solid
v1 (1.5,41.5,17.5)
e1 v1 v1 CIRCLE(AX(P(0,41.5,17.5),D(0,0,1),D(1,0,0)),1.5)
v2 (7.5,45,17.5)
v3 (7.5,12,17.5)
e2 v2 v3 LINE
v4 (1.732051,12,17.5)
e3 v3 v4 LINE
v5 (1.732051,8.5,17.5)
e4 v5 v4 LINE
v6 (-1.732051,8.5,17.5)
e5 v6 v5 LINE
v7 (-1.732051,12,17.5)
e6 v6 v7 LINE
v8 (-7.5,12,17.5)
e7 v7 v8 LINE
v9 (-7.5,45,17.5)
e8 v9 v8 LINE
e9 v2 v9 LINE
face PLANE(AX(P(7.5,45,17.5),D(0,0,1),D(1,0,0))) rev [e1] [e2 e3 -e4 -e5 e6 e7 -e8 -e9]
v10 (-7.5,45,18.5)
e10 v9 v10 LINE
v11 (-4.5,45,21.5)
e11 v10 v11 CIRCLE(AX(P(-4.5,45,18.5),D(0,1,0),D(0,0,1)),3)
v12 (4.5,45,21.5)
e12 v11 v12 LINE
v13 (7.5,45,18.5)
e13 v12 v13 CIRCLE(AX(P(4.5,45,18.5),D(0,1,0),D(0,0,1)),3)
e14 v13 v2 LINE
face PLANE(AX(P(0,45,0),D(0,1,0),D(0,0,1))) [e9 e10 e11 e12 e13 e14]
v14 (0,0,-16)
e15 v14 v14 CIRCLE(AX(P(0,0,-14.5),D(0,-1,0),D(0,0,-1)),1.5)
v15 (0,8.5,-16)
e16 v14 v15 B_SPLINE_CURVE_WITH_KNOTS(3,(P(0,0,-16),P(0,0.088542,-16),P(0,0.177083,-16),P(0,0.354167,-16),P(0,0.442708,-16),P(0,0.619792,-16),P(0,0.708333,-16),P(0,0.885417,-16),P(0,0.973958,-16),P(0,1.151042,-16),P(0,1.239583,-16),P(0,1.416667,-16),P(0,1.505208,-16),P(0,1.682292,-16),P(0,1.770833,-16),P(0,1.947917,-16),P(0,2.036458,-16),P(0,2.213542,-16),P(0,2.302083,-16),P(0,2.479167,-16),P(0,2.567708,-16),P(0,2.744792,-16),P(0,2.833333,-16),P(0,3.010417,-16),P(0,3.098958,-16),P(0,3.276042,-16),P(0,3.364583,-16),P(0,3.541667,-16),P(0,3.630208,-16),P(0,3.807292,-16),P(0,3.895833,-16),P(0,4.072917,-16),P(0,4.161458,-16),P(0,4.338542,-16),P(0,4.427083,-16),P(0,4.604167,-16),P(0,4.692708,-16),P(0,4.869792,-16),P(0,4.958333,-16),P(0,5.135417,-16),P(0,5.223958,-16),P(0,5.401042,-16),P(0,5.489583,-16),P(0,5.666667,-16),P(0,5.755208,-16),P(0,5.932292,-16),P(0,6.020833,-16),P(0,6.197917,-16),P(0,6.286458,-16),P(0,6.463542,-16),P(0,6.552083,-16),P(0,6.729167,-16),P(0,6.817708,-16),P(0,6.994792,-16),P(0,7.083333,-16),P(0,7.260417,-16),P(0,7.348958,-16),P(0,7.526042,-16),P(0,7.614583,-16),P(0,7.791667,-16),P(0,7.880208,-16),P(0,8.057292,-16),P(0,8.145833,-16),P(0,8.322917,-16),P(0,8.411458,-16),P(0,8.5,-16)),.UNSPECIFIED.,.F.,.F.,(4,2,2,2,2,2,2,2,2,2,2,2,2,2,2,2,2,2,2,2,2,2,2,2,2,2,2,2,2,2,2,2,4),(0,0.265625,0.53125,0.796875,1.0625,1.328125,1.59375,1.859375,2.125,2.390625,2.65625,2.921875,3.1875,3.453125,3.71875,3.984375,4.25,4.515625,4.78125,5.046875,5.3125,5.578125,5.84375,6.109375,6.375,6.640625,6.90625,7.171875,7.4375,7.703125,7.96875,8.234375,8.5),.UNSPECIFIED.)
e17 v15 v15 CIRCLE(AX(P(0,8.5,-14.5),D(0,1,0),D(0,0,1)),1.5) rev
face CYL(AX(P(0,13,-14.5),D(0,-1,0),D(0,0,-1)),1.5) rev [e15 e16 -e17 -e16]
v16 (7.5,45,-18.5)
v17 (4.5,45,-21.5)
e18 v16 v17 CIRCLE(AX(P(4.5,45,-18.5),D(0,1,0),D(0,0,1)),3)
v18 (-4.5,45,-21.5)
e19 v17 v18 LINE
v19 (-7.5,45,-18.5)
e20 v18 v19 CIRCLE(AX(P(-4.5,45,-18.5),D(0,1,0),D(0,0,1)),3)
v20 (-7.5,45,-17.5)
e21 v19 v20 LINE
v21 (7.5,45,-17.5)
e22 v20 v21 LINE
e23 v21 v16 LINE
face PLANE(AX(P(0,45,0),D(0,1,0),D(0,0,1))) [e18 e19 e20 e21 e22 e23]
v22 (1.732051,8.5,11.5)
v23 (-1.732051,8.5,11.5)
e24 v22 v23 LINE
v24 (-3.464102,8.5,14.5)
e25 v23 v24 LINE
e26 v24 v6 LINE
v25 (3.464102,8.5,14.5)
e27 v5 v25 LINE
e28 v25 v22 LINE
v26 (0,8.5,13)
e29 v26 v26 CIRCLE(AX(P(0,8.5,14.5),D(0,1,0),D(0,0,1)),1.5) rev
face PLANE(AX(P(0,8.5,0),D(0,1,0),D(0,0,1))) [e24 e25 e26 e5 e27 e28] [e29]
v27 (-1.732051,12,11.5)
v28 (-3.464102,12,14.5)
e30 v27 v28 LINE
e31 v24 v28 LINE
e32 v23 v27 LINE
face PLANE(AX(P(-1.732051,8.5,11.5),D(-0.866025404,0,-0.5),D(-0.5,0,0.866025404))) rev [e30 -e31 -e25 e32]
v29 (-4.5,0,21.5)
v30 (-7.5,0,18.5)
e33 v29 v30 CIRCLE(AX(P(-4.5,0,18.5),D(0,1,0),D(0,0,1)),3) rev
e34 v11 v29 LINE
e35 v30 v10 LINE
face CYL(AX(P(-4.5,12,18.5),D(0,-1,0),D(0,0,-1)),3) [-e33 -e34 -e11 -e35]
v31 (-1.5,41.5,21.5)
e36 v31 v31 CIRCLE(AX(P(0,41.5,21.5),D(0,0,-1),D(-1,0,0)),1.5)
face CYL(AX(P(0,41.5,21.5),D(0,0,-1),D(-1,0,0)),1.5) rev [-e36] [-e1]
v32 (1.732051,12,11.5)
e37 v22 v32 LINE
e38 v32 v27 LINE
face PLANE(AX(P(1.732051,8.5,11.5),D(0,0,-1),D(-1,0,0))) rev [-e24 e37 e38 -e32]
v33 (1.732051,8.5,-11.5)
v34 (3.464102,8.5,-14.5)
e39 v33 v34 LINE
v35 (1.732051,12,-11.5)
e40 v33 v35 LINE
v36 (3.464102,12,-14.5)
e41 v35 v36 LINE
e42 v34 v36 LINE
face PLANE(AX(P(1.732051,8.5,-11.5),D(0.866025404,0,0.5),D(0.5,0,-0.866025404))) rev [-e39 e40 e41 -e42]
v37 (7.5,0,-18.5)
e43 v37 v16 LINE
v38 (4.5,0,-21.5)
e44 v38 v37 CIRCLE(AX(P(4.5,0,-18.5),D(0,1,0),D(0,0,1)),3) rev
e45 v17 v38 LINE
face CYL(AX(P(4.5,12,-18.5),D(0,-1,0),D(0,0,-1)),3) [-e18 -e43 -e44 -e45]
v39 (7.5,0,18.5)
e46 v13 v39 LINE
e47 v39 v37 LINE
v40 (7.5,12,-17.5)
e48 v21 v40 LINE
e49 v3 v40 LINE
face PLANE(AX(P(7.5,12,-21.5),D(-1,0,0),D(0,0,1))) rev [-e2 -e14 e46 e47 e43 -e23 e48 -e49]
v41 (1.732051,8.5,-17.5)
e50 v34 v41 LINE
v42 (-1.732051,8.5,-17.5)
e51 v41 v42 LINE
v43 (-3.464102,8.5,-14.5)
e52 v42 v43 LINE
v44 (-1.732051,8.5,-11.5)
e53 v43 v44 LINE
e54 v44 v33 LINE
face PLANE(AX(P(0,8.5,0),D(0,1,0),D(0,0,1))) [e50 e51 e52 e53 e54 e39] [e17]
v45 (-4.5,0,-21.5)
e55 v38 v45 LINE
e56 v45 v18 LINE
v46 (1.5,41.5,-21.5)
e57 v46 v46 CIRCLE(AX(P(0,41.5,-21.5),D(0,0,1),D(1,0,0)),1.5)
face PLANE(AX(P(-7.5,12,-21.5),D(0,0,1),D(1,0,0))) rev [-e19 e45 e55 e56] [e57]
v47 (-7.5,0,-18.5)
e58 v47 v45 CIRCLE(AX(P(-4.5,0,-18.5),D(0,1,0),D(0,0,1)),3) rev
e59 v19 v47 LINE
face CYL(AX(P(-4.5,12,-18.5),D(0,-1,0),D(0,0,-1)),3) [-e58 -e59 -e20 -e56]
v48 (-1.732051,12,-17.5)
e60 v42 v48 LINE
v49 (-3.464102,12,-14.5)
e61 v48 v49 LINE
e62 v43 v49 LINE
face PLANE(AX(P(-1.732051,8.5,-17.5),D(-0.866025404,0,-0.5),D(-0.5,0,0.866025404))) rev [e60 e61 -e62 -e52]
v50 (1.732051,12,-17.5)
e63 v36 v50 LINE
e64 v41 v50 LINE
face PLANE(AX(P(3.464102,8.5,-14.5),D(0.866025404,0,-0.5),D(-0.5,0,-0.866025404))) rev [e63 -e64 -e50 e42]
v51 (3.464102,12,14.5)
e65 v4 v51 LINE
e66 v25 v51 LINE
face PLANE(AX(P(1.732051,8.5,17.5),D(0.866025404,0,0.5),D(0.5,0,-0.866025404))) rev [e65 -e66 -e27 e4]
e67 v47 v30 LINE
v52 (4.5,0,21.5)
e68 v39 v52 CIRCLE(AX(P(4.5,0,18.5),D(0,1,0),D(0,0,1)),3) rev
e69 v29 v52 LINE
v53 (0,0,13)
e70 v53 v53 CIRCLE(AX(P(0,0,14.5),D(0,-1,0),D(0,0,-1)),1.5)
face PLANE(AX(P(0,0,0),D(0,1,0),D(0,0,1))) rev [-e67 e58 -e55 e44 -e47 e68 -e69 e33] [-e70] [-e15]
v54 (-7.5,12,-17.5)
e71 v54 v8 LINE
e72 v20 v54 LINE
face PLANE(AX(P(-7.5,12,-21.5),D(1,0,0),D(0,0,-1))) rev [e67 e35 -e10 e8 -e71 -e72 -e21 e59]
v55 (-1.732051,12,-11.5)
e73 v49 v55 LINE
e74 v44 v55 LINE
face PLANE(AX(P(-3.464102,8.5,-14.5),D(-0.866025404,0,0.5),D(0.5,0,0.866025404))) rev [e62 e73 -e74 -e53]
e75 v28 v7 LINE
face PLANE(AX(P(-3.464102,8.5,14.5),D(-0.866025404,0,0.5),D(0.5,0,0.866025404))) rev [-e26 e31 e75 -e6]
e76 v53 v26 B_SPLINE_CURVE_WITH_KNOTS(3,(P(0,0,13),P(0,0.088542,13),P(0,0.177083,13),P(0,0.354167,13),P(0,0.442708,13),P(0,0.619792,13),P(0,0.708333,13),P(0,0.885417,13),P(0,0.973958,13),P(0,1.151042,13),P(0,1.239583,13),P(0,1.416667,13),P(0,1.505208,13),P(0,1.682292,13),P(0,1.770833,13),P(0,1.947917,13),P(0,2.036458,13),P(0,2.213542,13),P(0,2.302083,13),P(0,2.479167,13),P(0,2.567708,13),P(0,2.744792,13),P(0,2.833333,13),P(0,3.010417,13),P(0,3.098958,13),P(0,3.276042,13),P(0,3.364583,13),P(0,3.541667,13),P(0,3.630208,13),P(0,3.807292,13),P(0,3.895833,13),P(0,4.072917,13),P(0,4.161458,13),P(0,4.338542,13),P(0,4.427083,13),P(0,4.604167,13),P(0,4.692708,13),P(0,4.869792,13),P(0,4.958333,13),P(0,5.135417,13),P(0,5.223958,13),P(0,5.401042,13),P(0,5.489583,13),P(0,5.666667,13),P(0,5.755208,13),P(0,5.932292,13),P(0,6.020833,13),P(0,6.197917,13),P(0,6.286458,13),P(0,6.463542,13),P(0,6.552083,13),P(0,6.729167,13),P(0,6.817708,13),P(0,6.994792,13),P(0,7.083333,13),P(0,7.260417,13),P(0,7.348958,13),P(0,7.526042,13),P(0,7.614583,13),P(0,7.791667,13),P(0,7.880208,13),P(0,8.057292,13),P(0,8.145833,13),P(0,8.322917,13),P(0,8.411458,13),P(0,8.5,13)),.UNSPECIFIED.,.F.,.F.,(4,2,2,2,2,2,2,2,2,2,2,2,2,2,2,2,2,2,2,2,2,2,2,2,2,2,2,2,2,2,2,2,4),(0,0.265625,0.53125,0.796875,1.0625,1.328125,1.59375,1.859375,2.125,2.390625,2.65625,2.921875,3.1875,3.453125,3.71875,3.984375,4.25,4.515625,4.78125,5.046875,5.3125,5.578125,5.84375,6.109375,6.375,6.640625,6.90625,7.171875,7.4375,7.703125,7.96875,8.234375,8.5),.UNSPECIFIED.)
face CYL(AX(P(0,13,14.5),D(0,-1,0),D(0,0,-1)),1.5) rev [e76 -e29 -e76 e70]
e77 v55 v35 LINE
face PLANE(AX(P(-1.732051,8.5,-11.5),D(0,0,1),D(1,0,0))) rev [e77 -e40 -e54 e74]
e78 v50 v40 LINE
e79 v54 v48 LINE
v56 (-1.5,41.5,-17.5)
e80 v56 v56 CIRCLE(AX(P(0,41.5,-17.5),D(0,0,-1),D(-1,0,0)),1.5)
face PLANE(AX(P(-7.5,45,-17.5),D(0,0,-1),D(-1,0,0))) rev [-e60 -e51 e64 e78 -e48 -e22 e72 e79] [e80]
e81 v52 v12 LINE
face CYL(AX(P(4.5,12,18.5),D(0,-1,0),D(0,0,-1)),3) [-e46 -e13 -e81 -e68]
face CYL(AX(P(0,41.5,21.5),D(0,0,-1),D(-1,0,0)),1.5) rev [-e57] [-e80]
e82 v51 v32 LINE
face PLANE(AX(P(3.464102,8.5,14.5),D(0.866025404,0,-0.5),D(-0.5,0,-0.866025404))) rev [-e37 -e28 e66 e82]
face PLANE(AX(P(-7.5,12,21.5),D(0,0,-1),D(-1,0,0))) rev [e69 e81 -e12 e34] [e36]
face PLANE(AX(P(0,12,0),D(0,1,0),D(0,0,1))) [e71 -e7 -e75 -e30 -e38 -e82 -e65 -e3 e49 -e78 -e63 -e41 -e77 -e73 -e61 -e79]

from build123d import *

# Parameters (mm, degrees)
CROQUIS1_W                 = 15
CROQUIS1_H                 = 43
SALIENTE_EXTRUIR1_DEPTH    = 12
CROQUIS2_W                 = 15
CROQUIS2_H                 = 4
SALIENTE_EXTRUIR2_DEPTH    = 33
CROQUIS3_R                 = 1.5
CORTAR_EXTRUIR1_DEPTH      = 13
CORTAR_EXTRUIR2_DEPTH      = 3.5
REDONDEO1_R                = 3
CORTAR_EXTRUIR3_DEPTH      = 63.691705991
CORTAR_EXTRUIR3_DEPTH_BACK = 63.691705991
CROQUIS5_R                 = 1.5


with BuildPart() as part:
    # Croquis1 → Saliente-Extruir1 (new body)
    with BuildSketch(Plane(origin=(0, 0, 0), x_dir=(1, 0, 0), z_dir=(0, 1, 0))):
        Rectangle(CROQUIS1_W, CROQUIS1_H)
    extrude(amount=SALIENTE_EXTRUIR1_DEPTH)

    # Croquis2 → Saliente-Extruir2 (add)
    with BuildSketch(Plane(origin=(0, 12, 0), x_dir=(1, 0, 0), z_dir=(0, 1, 0))):
        with Locations((0, 19.5)):
            Rectangle(CROQUIS2_W, CROQUIS2_H)
        with Locations((0, -19.5)):
            Rectangle(CROQUIS2_W, CROQUIS2_H)
    extrude(amount=SALIENTE_EXTRUIR2_DEPTH)

    # Croquis3 → Cortar-Extruir1 (cut)
    with BuildSketch(Plane.XZ):
        with Locations(Location((0, 14.5, 0), (0, 0, 270))):
            Circle(CROQUIS3_R)
        with Locations(Location((0, -14.5, 0), (0, 0, 270))):
            Circle(CROQUIS3_R)
    extrude(amount=-CORTAR_EXTRUIR1_DEPTH, mode=Mode.SUBTRACT)

    # Croquis4 → Cortar-Extruir2 (cut)
    with BuildSketch(Plane(origin=(0, 12, 0), x_dir=(1, 0, 0), z_dir=(0, 1, 0))):
        Polygon((3.464101615, 14.5), (1.732050808, 17.5), (-1.732050808, 17.5), (-3.464101615, 14.5), (-1.732050808, 11.5), (1.732050808, 11.5), align=None)
        Polygon((3.464101615, -14.5), (1.732050808, -11.5), (-1.732050808, -11.5), (-3.464101615, -14.5), (-1.732050808, -17.5), (1.732050808, -17.5), align=None)
    extrude(amount=-CORTAR_EXTRUIR2_DEPTH, mode=Mode.SUBTRACT)

    # Redondeo1
    redondeo1_edges = [part.edges().sort_by_distance(p)[0] for p in [
        (-7.5, 22.5, -21.5),
        (7.5, 22.5, -21.5),
        (7.5, 22.5, 21.5),
        (-7.5, 22.5, 21.5),
    ]]
    fillet(redondeo1_edges, radius=REDONDEO1_R)

    # Croquis5 → Cortar-Extruir3 (cut, two sides: drawn at the far end of the back side and taken through both)
    with BuildSketch(Plane(origin=(0, 0, -21.5), x_dir=(-1, 0, 0), z_dir=(0, 0, -1)).offset(-CORTAR_EXTRUIR3_DEPTH_BACK)):
        with Locations((0, 41.5)):
            Circle(CROQUIS5_R)
    extrude(amount=CORTAR_EXTRUIR3_DEPTH + CORTAR_EXTRUIR3_DEPTH_BACK, mode=Mode.SUBTRACT)


solid = part.part
